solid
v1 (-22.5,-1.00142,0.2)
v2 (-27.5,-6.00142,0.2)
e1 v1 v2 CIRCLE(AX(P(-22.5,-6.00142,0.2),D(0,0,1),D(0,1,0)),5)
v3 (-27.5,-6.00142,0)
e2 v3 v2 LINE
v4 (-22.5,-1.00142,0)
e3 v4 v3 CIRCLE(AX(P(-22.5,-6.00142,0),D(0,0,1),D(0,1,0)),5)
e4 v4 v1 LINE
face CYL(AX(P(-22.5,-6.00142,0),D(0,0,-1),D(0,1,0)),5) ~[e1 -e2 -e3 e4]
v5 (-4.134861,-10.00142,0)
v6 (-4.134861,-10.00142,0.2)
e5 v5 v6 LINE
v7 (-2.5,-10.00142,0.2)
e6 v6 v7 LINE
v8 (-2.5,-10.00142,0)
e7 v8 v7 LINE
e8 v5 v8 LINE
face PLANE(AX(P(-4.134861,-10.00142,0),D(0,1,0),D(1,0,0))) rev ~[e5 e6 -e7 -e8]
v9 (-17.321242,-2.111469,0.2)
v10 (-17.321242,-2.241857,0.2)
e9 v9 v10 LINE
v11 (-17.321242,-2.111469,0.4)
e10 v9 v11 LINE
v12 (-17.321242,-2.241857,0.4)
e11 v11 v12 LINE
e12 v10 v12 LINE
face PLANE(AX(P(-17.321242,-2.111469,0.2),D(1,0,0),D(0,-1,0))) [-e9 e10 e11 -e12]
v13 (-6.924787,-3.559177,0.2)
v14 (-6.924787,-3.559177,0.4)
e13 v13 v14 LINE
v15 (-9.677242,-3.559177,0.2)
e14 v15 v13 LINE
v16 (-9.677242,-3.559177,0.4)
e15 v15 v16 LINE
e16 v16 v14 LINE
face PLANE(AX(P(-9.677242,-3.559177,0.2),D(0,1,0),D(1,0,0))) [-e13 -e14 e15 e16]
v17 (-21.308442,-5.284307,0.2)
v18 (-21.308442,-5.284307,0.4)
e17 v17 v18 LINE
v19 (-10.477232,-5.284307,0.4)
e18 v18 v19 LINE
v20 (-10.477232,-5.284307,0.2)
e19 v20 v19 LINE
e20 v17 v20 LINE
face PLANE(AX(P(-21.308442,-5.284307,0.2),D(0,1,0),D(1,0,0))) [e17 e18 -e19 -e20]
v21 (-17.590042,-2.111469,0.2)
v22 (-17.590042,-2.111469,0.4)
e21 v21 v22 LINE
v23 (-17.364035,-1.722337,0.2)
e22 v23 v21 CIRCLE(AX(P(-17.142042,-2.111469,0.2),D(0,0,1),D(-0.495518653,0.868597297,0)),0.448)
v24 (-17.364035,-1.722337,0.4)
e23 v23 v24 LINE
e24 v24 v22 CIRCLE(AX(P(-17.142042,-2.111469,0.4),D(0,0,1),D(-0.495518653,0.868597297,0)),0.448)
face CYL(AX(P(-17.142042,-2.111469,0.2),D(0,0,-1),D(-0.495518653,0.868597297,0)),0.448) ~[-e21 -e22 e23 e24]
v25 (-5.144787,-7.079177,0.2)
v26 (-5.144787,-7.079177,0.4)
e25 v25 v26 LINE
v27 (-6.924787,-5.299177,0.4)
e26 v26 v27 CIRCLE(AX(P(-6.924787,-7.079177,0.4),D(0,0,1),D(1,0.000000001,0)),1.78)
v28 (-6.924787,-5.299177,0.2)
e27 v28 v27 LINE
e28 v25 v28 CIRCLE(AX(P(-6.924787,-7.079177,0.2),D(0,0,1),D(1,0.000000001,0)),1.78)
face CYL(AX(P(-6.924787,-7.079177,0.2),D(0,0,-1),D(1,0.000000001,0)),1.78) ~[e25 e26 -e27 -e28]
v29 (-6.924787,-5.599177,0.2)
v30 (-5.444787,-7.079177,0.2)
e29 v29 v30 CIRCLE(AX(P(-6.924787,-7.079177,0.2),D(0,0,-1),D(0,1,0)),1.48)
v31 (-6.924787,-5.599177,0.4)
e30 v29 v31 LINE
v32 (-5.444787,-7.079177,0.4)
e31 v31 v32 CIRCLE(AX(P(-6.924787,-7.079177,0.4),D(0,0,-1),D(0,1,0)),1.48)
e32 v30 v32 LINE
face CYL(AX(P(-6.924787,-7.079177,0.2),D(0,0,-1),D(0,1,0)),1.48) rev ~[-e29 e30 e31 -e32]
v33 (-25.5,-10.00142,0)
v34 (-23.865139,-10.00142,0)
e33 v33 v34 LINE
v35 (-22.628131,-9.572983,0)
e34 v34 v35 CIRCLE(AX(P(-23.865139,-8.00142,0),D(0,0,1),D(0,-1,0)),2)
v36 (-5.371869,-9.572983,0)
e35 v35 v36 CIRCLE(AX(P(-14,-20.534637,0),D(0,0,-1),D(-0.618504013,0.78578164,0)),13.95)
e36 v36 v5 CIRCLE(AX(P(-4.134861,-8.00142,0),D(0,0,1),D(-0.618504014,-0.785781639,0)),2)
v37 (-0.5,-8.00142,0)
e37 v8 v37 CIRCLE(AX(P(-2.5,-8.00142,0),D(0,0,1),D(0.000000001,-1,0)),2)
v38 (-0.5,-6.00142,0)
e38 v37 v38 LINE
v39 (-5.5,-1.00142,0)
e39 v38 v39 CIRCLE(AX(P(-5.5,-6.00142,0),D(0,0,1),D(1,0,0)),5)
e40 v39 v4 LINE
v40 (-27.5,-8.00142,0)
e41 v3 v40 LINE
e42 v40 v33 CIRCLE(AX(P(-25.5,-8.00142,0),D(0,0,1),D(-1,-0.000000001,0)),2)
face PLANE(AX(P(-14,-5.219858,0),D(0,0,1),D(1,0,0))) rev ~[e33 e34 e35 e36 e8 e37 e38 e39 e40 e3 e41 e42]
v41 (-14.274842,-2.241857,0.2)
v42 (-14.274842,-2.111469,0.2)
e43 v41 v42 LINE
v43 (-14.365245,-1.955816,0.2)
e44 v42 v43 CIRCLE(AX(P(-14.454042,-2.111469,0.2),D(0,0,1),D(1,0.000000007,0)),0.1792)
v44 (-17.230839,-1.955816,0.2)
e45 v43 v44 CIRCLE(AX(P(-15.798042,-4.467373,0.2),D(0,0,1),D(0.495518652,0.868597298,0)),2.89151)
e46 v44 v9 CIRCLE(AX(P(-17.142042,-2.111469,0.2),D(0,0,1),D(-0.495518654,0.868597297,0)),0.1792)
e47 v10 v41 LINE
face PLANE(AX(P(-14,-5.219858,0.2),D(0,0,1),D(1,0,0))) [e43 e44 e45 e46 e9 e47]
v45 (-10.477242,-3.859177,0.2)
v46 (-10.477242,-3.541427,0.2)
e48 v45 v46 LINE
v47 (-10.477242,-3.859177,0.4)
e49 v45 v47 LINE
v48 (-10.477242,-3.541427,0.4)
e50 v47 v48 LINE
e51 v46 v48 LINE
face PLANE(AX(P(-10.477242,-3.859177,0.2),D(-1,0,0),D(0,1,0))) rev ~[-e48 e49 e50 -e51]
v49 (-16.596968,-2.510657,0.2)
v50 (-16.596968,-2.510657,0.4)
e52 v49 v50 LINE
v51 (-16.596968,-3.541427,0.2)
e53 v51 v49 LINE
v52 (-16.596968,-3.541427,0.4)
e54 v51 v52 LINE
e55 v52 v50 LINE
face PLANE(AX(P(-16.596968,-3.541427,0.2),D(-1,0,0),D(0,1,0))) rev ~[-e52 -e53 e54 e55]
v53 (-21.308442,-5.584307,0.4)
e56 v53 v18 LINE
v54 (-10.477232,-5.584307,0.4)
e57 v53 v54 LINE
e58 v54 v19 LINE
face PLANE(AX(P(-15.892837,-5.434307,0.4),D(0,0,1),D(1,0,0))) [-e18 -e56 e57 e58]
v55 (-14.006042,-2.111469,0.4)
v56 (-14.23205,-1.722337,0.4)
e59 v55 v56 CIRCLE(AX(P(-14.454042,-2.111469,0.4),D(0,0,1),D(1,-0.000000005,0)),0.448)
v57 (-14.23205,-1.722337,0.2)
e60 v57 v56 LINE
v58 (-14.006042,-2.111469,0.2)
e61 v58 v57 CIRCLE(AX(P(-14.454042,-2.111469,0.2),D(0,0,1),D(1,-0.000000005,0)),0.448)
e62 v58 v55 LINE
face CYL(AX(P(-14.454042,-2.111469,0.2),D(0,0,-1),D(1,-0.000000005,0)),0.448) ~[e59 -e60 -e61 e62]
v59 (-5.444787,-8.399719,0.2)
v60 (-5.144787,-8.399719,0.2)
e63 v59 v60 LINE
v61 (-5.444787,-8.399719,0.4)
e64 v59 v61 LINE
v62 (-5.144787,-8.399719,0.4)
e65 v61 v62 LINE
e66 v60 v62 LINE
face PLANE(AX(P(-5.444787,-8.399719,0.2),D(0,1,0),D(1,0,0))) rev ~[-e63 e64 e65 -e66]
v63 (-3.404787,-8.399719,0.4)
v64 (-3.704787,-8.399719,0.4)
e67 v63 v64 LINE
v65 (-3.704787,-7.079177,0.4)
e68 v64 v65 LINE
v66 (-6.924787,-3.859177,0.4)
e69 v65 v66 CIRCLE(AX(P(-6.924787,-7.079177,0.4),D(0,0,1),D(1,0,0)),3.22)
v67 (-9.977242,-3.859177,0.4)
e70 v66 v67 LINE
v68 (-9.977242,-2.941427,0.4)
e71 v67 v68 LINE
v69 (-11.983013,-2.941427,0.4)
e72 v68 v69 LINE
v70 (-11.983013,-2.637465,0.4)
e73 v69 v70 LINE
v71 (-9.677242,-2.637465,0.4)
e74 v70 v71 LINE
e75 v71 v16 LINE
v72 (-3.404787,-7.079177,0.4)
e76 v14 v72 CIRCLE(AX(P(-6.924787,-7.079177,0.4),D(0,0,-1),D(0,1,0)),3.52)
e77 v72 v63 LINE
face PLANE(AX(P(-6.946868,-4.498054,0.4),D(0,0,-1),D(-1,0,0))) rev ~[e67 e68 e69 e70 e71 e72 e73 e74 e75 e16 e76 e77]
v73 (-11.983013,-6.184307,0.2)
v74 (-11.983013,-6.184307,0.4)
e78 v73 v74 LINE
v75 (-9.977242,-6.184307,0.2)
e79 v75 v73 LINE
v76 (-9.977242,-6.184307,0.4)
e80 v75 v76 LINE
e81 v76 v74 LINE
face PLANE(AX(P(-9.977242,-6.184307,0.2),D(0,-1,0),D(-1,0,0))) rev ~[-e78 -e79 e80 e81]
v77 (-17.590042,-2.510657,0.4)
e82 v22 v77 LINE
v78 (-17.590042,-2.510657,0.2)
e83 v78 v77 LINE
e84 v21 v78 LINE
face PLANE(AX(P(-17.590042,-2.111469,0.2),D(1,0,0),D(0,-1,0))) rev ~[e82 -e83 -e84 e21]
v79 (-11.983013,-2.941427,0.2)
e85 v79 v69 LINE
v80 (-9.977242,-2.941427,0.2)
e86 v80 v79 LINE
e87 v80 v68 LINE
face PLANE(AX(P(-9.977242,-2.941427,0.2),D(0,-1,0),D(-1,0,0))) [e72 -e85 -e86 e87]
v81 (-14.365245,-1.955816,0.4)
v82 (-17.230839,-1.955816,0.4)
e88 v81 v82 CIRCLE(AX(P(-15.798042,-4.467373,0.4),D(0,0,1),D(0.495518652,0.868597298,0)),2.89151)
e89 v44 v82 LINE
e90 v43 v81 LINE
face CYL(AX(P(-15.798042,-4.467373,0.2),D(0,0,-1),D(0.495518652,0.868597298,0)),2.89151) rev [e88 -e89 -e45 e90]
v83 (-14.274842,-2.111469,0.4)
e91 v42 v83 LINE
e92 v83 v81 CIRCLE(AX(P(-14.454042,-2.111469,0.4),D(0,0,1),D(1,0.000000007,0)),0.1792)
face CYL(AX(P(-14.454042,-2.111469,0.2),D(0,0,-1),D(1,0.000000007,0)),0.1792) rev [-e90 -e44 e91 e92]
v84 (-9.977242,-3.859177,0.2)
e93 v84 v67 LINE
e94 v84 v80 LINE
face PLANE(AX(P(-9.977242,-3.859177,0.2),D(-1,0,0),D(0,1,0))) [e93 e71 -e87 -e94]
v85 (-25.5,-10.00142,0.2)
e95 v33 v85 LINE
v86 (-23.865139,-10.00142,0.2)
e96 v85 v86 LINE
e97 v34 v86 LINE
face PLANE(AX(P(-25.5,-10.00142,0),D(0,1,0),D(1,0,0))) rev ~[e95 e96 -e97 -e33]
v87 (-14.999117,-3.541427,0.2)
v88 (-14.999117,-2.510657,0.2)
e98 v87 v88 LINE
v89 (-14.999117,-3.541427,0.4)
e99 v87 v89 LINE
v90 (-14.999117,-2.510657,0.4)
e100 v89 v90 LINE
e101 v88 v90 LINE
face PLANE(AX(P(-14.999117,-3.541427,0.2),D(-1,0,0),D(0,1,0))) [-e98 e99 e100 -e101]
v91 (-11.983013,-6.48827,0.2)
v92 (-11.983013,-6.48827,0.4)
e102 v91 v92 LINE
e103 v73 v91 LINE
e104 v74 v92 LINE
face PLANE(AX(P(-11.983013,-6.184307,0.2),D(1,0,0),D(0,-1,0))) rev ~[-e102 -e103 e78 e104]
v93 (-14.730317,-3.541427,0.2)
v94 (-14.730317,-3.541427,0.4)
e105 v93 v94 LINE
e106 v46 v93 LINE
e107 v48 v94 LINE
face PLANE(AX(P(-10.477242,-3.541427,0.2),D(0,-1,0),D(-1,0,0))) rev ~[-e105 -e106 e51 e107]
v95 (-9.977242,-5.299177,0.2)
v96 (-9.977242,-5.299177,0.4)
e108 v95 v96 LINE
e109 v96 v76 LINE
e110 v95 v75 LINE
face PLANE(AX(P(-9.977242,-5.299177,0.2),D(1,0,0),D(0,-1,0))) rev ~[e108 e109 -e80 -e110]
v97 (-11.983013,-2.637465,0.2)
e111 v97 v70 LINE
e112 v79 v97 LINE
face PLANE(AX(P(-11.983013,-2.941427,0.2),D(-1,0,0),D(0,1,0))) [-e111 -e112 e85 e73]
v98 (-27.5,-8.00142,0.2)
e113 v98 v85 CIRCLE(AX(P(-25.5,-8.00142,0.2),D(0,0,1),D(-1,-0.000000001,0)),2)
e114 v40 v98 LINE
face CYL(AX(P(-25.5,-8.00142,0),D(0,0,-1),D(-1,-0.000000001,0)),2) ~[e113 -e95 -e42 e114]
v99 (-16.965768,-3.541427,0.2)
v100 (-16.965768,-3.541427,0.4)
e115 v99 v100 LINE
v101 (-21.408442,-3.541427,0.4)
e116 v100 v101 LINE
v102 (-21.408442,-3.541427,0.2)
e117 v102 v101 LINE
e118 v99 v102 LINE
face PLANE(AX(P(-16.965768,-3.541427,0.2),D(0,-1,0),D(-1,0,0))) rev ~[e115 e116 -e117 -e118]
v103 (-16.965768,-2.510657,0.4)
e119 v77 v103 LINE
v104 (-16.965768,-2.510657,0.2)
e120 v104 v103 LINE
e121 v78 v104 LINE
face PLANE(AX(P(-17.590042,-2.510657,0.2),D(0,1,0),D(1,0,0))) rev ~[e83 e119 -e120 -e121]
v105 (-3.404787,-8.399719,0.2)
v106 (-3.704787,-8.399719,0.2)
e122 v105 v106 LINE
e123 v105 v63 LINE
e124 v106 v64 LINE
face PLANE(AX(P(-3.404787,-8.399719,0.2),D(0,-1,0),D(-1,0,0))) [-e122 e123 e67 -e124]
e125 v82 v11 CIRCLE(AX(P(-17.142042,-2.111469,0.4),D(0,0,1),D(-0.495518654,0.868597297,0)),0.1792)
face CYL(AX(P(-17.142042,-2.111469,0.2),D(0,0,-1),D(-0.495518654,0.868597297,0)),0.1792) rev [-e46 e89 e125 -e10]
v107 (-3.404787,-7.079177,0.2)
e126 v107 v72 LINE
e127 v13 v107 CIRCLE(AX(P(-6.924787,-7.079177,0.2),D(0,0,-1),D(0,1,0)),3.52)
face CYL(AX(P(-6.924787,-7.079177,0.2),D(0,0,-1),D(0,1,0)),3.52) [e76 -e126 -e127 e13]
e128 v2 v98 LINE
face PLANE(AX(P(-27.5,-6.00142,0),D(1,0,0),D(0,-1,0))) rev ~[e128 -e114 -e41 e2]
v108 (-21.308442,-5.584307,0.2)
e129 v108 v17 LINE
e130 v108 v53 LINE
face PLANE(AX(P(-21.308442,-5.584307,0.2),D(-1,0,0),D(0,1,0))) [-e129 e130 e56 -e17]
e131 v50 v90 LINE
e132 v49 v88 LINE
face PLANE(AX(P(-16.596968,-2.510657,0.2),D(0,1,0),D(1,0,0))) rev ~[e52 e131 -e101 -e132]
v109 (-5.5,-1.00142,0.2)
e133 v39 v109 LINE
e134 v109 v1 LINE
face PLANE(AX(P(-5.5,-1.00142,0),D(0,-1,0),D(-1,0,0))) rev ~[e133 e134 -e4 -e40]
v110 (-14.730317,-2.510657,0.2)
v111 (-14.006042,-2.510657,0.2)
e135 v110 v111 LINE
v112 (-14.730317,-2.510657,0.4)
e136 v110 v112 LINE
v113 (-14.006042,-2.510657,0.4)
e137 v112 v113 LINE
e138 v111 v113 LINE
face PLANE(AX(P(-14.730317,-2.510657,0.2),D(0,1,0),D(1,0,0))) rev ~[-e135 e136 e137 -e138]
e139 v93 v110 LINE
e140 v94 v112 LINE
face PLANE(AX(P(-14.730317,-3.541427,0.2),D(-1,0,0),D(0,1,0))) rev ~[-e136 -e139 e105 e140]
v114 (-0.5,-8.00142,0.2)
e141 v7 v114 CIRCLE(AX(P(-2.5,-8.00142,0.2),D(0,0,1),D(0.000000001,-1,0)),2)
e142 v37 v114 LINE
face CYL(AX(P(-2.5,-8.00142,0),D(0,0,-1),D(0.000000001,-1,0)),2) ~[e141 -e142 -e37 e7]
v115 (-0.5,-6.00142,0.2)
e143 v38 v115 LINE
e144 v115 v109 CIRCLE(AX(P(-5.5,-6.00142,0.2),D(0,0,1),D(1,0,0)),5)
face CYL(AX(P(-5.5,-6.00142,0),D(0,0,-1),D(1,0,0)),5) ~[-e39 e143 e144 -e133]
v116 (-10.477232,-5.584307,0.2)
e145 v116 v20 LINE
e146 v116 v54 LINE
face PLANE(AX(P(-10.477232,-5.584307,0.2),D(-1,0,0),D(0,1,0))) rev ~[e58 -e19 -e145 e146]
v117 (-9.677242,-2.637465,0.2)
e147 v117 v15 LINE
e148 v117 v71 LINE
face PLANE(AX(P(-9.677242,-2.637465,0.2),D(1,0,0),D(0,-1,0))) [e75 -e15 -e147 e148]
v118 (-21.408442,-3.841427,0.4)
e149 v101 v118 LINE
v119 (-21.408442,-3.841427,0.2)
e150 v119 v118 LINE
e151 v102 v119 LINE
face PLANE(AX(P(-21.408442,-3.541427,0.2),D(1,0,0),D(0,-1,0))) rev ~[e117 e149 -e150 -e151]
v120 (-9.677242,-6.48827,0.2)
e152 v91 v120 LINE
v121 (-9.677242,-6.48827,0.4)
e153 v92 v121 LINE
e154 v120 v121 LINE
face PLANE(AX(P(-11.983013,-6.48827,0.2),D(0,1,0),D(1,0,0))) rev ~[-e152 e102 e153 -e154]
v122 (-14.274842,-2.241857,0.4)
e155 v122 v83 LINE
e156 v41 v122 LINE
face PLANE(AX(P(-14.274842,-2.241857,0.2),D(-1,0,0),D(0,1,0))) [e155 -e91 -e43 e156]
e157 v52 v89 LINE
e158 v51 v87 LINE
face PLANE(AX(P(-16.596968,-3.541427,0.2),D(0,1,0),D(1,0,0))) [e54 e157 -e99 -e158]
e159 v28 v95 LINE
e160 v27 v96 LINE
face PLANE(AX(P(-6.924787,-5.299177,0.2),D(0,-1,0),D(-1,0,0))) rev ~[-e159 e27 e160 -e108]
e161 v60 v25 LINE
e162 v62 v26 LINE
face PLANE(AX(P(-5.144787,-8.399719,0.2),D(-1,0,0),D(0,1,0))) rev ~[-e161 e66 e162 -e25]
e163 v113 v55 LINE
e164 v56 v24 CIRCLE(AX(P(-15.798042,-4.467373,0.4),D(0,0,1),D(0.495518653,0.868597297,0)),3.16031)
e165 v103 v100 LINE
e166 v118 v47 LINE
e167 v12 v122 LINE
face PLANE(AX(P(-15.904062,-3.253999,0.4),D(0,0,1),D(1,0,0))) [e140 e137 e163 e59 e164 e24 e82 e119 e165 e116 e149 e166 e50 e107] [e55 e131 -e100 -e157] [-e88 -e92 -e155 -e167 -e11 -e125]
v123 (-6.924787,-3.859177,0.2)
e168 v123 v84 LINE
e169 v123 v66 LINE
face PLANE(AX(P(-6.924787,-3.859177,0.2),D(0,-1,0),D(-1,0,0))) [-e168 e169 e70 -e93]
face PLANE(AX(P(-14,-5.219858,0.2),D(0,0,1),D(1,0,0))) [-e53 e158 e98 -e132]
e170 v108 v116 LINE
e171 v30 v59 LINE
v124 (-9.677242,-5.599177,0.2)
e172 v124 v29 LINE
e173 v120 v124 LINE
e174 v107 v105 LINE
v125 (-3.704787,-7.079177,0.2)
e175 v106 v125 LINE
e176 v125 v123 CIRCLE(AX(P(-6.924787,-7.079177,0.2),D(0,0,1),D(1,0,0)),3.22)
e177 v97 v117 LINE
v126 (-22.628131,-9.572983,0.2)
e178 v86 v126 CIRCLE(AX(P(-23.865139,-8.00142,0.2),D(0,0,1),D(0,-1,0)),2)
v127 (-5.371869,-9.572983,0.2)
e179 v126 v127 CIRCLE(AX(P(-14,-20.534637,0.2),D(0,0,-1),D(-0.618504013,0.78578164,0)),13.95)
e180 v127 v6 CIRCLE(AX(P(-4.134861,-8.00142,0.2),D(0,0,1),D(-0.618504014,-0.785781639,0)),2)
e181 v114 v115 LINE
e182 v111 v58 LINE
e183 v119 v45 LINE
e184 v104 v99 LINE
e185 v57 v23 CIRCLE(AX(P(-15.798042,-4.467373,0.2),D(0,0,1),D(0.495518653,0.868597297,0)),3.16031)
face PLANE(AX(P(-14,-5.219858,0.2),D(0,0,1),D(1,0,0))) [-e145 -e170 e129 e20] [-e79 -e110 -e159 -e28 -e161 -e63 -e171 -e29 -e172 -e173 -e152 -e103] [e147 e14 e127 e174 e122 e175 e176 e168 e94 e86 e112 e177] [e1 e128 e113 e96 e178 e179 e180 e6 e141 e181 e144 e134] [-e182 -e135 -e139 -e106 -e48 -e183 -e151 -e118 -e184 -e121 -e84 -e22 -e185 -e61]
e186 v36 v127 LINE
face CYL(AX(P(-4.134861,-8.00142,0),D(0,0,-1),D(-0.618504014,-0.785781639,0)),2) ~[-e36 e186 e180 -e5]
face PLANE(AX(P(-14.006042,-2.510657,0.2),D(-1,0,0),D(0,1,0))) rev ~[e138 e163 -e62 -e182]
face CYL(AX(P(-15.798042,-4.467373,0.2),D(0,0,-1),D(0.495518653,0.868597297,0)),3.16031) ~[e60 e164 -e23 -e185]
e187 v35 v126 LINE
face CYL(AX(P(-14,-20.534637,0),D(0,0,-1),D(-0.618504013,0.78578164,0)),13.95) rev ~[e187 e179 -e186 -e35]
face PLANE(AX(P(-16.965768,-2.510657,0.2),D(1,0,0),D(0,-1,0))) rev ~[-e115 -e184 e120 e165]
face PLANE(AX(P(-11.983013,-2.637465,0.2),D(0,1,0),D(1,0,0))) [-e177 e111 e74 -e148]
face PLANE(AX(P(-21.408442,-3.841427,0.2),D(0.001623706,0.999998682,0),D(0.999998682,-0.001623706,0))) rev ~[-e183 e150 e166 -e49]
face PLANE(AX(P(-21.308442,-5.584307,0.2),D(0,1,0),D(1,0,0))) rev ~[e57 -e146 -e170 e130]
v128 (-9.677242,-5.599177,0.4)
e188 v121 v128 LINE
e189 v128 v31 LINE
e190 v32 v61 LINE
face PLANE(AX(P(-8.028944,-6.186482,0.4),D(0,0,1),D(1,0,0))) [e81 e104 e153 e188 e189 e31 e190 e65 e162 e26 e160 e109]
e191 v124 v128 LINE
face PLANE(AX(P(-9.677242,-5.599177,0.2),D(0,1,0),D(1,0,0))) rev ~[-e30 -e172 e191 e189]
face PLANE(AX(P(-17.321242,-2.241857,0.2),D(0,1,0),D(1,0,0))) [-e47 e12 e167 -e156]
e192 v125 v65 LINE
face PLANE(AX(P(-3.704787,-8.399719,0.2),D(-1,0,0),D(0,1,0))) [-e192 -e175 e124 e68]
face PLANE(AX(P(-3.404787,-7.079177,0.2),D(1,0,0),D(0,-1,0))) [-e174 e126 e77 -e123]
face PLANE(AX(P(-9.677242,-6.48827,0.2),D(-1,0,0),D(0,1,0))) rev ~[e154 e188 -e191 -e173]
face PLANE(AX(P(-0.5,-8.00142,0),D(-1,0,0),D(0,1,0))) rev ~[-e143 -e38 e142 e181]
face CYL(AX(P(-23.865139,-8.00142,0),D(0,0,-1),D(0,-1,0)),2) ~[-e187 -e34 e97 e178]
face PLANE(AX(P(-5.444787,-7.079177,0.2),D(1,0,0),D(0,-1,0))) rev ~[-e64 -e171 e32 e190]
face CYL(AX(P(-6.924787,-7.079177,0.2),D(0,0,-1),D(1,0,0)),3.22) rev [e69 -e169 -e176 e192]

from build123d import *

# Parameters (mm, degrees)
EXTRUSION1_DEPTH = 0.2
ESQUISSE2_W      = 1.59785128
ESQUISSE2_H      = 1.03077013
ESQUISSE2_W_2    = 10.83121002
ESQUISSE2_H_2    = 0.3
EXTRUSION2_DEPTH = 0.2


with BuildPart() as part:
    # Esquisse1 → Extrusion1 (new body)
    with BuildSketch(Plane.XY):
        with BuildLine():
            Line((-27.5, -6.00142003), (-27.5, -8.00142003))
            ThreePointArc((-27.5, -8.00142003), (-26.914213562, -9.415633592), (-25.5, -10.00142003))
            Line((-25.5, -10.00142003), (-23.865139014, -10.00142003))
            ThreePointArc((-23.865139014, -10.00142003), (-23.210588236, -9.891278035), (-22.628130987, -9.572983309))
            ThreePointArc((-22.628130987, -9.572983309), (-14, -6.584637184), (-5.371869013, -9.572983309))
            ThreePointArc((-5.371869013, -9.572983309), (-4.789411764, -9.891278035), (-4.134860986, -10.00142003))
            Line((-4.134860986, -10.00142003), (-2.5, -10.00142003))
            ThreePointArc((-2.5, -10.00142003), (-1.085786438, -9.415633592), (-0.5, -8.00142003))
            Line((-0.5, -8.00142003), (-0.5, -6.00142003))
            ThreePointArc((-0.5, -6.00142003), (-1.964466094, -2.465886124), (-5.5, -1.00142003))
            Line((-5.5, -1.00142003), (-22.5, -1.00142003))
            ThreePointArc((-22.5, -1.00142003), (-26.035533906, -2.465886124), (-27.5, -6.00142003))
        make_face()
    extrude(amount=EXTRUSION1_DEPTH)

    # Esquisse2 → Extrusion2 (add)
    # profile 1 of 4: a face of its own
    with BuildSketch(Plane.XY.offset(0.2)):
        with BuildLine():
            Line((-14.730316635, -2.510657311), (-14.006042275, -2.510657311))
            Line((-14.006042275, -2.510657311), (-14.006042275, -2.111468697))
            ThreePointArc((-14.006042275, -2.111468697), (-14.066642884, -1.886467114), (-14.232049919, -1.722337108))
            ThreePointArc((-14.232049919, -1.722337108), (-15.798042275, -1.307063885), (-17.364034631, -1.722337108))
            ThreePointArc((-17.364034631, -1.722337108), (-17.529441665, -1.886467114), (-17.590042275, -2.111468697))
            Line((-17.590042275, -2.111468697), (-17.590042275, -2.510657311))
            Line((-17.590042275, -2.510657311), (-16.965767915, -2.510657311))
            Line((-16.965767915, -2.510657311), (-16.965767915, -3.541427441))
            Line((-16.965767915, -3.541427441), (-21.408442275, -3.541427441))
            Line((-21.408442275, -3.541427441), (-21.408442275, -3.841427441))
            Line((-21.408442275, -3.841427441), (-10.477242275, -3.859176516))
            Line((-10.477242275, -3.859176516), (-10.477242275, -3.541427441))
            Line((-10.477242275, -3.541427441), (-14.730316635, -3.541427441))
            Line((-14.730316635, -3.541427441), (-14.730316635, -2.510657311))
        make_face()
        with Locations((-15.798042275, -3.026042376)):
            Rectangle(ESQUISSE2_W, ESQUISSE2_H, mode=Mode.SUBTRACT)
        with BuildLine():
            Line((-17.321242275, -2.241857311), (-14.274842275, -2.241857311))
            Line((-14.274842275, -2.241857311), (-14.274842275, -2.111468697))
            ThreePointArc((-14.274842275, -2.111468697), (-14.299082519, -2.021468064), (-14.365245332, -1.955816061))
            ThreePointArc((-14.365245332, -1.955816061), (-15.798042275, -1.575863885), (-17.230839217, -1.955816061))
            ThreePointArc((-17.230839217, -1.955816061), (-17.297002031, -2.021468064), (-17.321242275, -2.111468697))
            Line((-17.321242275, -2.111468697), (-17.321242275, -2.241857311))
        make_face(mode=Mode.SUBTRACT)
    # profile 2 of 4: a face of its own
    with BuildSketch(Plane.XY.offset(0.2)):
        with Locations((-15.892837265, -5.434307441)):
            Rectangle(ESQUISSE2_W_2, ESQUISSE2_H_2)
    # profile 3 of 4: a face of its own
    with BuildSketch(Plane.XY.offset(0.2)):
        with BuildLine():
            Line((-11.983013473, -2.941427441), (-11.983013473, -2.637464752))
            Line((-11.983013473, -2.637464752), (-9.677242275, -2.637464752))
            Line((-9.677242275, -2.637464752), (-9.677242275, -3.559176516))
            Line((-9.677242275, -3.559176516), (-6.924787178, -3.559176516))
            ThreePointArc((-6.924787178, -3.559176516), (-4.435771308, -4.590160647), (-3.404787178, -7.079176516))
            Line((-3.404787178, -7.079176516), (-3.404787178, -8.399718672))
            Line((-3.404787178, -8.399718672), (-3.704787178, -8.399718672))
            Line((-3.704787178, -8.399718672), (-3.704787178, -7.079176516))
            ThreePointArc((-3.704787178, -7.079176516), (-4.647903343, -4.802292681), (-6.924787178, -3.859176516))
            Line((-6.924787178, -3.859176516), (-9.977242275, -3.859176516))
            Line((-9.977242275, -3.859176516), (-9.977242275, -2.941427441))
            Line((-9.977242275, -2.941427441), (-11.983013473, -2.941427441))
        make_face()
    # profile 4 of 4: a face of its own
    with BuildSketch(Plane.XY.offset(0.2)):
        with BuildLine():
            Line((-5.444787178, -7.079176516), (-5.444787178, -8.399718672))
            Line((-5.444787178, -8.399718672), (-5.144787178, -8.399718672))
            Line((-5.144787178, -8.399718672), (-5.144787178, -7.079176516))
            ThreePointArc((-5.144787178, -7.079176516), (-5.666137108, -5.820526446), (-6.924787178, -5.299176516))
            Line((-6.924787178, -5.299176516), (-9.977242275, -5.299176516))
            Line((-9.977242275, -5.299176516), (-9.977242275, -6.184307441))
            Line((-9.977242275, -6.184307441), (-11.983013473, -6.184307441))
            Line((-11.983013473, -6.184307441), (-11.983013473, -6.488270129))
            Line((-11.983013473, -6.488270129), (-9.677242275, -6.488270129))
            Line((-9.677242275, -6.488270129), (-9.677242275, -5.599176516))
            Line((-9.677242275, -5.599176516), (-6.924787178, -5.599176516))
            ThreePointArc((-6.924787178, -5.599176516), (-5.878269142, -6.03265848), (-5.444787178, -7.079176516))
        make_face()
    extrude(amount=EXTRUSION2_DEPTH)


solid = part.part
